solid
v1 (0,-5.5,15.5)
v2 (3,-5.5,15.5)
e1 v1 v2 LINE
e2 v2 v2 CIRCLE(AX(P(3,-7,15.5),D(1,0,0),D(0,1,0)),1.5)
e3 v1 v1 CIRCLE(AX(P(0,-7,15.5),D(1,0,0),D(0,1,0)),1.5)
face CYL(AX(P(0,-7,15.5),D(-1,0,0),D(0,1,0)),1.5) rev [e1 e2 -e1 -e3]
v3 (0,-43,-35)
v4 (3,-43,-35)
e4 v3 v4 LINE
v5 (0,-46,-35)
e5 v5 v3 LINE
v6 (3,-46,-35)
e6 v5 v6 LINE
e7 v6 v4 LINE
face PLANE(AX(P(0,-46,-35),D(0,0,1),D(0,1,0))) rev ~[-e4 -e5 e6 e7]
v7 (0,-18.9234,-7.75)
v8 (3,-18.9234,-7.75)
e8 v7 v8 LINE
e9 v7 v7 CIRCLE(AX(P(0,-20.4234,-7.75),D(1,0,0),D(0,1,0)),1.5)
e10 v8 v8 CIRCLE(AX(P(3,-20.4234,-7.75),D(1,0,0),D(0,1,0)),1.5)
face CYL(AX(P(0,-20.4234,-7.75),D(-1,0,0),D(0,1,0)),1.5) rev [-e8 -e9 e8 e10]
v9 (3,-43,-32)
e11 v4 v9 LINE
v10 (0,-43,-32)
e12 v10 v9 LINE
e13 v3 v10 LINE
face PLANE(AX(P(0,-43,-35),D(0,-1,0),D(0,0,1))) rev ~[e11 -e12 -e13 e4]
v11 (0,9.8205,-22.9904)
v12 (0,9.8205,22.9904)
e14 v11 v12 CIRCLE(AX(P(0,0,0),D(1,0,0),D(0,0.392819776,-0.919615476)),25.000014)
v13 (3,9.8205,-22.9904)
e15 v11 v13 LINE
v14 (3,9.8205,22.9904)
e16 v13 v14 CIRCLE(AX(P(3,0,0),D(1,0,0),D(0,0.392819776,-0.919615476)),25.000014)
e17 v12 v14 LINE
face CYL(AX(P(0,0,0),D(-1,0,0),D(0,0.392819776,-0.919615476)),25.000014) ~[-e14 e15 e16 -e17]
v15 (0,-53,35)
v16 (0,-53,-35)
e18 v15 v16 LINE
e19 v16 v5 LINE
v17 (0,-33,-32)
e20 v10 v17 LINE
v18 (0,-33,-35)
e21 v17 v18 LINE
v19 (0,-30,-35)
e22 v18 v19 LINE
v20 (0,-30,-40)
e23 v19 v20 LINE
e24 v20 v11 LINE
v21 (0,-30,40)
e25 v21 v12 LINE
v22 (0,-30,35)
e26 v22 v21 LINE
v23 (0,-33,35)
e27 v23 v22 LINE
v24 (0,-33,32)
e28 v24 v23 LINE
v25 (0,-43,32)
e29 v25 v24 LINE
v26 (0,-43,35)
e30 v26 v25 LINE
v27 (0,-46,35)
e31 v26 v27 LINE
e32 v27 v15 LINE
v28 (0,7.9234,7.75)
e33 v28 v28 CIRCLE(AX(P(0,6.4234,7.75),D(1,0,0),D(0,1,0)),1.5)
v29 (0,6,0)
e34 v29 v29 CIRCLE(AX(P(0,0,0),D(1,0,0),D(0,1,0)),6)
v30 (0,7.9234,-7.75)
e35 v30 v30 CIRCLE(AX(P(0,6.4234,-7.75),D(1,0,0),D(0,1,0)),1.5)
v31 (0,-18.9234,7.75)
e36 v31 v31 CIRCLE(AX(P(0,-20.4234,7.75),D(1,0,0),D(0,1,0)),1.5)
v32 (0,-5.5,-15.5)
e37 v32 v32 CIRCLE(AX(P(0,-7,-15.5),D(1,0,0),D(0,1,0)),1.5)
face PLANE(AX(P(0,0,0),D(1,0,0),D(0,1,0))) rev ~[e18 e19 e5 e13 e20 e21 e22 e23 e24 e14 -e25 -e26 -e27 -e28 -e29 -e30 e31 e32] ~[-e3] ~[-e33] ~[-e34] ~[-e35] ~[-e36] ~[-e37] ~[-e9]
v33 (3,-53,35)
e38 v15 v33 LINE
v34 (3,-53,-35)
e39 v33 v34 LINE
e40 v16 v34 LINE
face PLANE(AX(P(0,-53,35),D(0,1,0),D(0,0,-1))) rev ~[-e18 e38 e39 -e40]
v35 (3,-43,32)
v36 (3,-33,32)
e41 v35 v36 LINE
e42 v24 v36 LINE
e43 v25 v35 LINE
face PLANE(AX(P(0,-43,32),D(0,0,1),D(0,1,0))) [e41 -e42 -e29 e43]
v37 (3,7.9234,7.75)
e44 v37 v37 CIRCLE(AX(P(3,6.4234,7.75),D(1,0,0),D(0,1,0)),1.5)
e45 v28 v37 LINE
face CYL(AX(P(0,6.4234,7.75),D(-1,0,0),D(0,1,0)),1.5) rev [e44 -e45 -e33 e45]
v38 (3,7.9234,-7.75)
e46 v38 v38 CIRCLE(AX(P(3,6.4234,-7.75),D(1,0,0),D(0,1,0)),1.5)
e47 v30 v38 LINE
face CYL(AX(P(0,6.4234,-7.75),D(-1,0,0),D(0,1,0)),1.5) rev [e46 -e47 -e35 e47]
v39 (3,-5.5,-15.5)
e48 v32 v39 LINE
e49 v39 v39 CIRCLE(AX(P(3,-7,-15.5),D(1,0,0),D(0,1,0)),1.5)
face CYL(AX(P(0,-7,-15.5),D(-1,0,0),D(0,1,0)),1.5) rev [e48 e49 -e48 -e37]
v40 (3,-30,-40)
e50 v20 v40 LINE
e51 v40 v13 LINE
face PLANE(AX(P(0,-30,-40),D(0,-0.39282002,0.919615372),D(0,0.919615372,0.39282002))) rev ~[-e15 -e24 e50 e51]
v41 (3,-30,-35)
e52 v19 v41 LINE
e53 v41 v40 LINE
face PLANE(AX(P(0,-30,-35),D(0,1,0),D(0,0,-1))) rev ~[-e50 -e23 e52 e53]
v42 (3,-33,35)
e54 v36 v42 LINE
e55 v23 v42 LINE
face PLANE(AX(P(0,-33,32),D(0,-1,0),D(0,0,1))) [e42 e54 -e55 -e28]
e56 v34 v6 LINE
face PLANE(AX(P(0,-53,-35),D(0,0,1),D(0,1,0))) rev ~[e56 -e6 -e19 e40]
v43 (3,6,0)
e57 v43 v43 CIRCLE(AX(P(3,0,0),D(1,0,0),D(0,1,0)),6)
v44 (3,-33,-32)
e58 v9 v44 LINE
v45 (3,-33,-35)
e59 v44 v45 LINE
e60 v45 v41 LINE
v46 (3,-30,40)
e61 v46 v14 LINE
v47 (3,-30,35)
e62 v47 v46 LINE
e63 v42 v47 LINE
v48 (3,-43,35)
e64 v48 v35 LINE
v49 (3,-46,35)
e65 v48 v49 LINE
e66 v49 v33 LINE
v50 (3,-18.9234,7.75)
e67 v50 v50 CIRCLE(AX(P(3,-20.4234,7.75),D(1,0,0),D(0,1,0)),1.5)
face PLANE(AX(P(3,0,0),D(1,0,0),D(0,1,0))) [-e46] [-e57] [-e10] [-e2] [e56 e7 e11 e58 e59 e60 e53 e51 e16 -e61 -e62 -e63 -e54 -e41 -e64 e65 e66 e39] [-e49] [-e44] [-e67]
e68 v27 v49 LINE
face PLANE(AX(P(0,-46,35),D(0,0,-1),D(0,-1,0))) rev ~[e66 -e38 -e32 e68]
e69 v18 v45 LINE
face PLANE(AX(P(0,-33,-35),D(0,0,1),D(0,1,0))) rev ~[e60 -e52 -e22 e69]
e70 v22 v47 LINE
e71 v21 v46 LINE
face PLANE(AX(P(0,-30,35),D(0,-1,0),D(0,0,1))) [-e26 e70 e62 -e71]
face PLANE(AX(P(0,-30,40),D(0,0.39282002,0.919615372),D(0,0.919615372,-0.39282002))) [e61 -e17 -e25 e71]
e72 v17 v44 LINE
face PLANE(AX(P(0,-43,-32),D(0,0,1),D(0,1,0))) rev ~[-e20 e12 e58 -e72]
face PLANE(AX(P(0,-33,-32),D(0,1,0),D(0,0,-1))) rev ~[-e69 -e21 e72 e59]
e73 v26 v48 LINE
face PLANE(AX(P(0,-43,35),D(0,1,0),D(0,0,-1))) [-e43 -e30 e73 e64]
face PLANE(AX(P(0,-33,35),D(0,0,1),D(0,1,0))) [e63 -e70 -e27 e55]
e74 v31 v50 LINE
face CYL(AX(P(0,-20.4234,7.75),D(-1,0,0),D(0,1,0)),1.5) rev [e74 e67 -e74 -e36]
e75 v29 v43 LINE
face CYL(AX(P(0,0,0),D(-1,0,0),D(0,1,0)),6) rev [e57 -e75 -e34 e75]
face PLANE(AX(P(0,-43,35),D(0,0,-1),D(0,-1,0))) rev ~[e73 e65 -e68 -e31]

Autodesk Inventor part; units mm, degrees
ref_plane "YZ Plane" through (0, 0, 0) normal (1, 0, 0) x (0, 1, 0)
ref_plane "XZ Plane" through (0, 0, 0) normal (0, 1, 0) x (-1, 0, 0)
ref_plane "XY Plane" through (0, 0, 0) normal (0, 0, 1) x (1, 0, 0)
sketch "Sketch1" plane through (0, 0, 0) normal (1, 0, 0) x (0, 1, 0)
  circle A0 centre (0, 0) radius 6
  line L0 (-30, -40) -> (9.8205, -22.9904)
  line L1 (-30, 40) -> (9.8205, 22.9904)
  line L2 (-33, -35) -> (-30, -35)
  line L3 (-33, 35) -> (-30, 35)
  line L4 (-46, 35) -> (-46, -35) construction
  line L5 (-30, 35) -> (-30, 40)
  line L6 (-30, -35) -> (-30, -40)
  line L7 (-43, 35) -> (-46, 35)
  arc A1 (9.8205, -22.9904) -> (9.8205, 22.9904) centre (0, 0) ccw
  circle A2 centre (6.4234, 7.75) radius 1.5
  circle A3 centre (6.4234, -7.75) radius 1.5
  circle A4 centre (-7, -15.5) radius 1.5
  circle A5 centre (-20.4234, -7.75) radius 1.5
  circle A6 centre (-20.4234, 7.75) radius 1.5
  circle A7 centre (-7, 15.5) radius 1.5
  line L8 (-46, -35) -> (-43, -35)
  line L9 (-43, -35) -> (-43, -32)
  line L10 (-43, -32) -> (-33, -32)
  line L11 (-33, -32) -> (-33, -35)
  line L12 (-43, 35) -> (-43, 32)
  line L13 (-43, 32) -> (-33, 32)
  line L14 (-33, 32) -> (-33, 35)
  line L15 (-46, 35) -> (-53, 35)
  line L16 (-53, 35) -> (-53, -35)
  line L17 (-53, -35) -> (-46, -35)
  point P0 (-46, 0)
  dimension "d0" = 12
  dimension "d40" = 70
  dimension "d58" = 25
  dimension "d59" = 5
  dimension "d61" = 39.8205
  dimension "d62" = 17.0096
  dimension "d63" = 39.8205
  dimension "d68" = 80
  dimension "d70" = 46
  dimension "d76" = 9.8205
  dimension "d79" = 3
  dimension "d80" = 3
  dimension "d81" = 3
  dimension "d82" = 3
  dimension "d83" = 3
  dimension "d84" = 3
  dimension "d89" = 7
  dimension "d90" = 7
  dimension "d91" = 15.5
  dimension "d92" = 15.5
  dimension "d93" = 7.75
  dimension "d94" = 7.75
  dimension "d95" = 20.4234
  dimension "d96" = 20.4234
  dimension "d97" = 7.75
  dimension "d98" = 7.75
  dimension "d99" = 6.4234
  dimension "d100" = 6.4234
  dimension "d105" = 3
  dimension "d108" = 3
  dimension "d112" = 3
  dimension "d113" = 5
  dimension "d116" = 3
  dimension "d117" = 3
  dimension "d118" = 10
  dimension "d119" = 3
  dimension "d120" = 3
  dimension "d121" = 10
  dimension "d122" = 3
  dimension "d123" = 7
  dimension "d124" = 70
  dimension "d125" = 7
extrude "Extrusion1" add sketch "Sketch1" along normal blind 3
properties part number "baseSoporte3" material "PMMA Plastic"
